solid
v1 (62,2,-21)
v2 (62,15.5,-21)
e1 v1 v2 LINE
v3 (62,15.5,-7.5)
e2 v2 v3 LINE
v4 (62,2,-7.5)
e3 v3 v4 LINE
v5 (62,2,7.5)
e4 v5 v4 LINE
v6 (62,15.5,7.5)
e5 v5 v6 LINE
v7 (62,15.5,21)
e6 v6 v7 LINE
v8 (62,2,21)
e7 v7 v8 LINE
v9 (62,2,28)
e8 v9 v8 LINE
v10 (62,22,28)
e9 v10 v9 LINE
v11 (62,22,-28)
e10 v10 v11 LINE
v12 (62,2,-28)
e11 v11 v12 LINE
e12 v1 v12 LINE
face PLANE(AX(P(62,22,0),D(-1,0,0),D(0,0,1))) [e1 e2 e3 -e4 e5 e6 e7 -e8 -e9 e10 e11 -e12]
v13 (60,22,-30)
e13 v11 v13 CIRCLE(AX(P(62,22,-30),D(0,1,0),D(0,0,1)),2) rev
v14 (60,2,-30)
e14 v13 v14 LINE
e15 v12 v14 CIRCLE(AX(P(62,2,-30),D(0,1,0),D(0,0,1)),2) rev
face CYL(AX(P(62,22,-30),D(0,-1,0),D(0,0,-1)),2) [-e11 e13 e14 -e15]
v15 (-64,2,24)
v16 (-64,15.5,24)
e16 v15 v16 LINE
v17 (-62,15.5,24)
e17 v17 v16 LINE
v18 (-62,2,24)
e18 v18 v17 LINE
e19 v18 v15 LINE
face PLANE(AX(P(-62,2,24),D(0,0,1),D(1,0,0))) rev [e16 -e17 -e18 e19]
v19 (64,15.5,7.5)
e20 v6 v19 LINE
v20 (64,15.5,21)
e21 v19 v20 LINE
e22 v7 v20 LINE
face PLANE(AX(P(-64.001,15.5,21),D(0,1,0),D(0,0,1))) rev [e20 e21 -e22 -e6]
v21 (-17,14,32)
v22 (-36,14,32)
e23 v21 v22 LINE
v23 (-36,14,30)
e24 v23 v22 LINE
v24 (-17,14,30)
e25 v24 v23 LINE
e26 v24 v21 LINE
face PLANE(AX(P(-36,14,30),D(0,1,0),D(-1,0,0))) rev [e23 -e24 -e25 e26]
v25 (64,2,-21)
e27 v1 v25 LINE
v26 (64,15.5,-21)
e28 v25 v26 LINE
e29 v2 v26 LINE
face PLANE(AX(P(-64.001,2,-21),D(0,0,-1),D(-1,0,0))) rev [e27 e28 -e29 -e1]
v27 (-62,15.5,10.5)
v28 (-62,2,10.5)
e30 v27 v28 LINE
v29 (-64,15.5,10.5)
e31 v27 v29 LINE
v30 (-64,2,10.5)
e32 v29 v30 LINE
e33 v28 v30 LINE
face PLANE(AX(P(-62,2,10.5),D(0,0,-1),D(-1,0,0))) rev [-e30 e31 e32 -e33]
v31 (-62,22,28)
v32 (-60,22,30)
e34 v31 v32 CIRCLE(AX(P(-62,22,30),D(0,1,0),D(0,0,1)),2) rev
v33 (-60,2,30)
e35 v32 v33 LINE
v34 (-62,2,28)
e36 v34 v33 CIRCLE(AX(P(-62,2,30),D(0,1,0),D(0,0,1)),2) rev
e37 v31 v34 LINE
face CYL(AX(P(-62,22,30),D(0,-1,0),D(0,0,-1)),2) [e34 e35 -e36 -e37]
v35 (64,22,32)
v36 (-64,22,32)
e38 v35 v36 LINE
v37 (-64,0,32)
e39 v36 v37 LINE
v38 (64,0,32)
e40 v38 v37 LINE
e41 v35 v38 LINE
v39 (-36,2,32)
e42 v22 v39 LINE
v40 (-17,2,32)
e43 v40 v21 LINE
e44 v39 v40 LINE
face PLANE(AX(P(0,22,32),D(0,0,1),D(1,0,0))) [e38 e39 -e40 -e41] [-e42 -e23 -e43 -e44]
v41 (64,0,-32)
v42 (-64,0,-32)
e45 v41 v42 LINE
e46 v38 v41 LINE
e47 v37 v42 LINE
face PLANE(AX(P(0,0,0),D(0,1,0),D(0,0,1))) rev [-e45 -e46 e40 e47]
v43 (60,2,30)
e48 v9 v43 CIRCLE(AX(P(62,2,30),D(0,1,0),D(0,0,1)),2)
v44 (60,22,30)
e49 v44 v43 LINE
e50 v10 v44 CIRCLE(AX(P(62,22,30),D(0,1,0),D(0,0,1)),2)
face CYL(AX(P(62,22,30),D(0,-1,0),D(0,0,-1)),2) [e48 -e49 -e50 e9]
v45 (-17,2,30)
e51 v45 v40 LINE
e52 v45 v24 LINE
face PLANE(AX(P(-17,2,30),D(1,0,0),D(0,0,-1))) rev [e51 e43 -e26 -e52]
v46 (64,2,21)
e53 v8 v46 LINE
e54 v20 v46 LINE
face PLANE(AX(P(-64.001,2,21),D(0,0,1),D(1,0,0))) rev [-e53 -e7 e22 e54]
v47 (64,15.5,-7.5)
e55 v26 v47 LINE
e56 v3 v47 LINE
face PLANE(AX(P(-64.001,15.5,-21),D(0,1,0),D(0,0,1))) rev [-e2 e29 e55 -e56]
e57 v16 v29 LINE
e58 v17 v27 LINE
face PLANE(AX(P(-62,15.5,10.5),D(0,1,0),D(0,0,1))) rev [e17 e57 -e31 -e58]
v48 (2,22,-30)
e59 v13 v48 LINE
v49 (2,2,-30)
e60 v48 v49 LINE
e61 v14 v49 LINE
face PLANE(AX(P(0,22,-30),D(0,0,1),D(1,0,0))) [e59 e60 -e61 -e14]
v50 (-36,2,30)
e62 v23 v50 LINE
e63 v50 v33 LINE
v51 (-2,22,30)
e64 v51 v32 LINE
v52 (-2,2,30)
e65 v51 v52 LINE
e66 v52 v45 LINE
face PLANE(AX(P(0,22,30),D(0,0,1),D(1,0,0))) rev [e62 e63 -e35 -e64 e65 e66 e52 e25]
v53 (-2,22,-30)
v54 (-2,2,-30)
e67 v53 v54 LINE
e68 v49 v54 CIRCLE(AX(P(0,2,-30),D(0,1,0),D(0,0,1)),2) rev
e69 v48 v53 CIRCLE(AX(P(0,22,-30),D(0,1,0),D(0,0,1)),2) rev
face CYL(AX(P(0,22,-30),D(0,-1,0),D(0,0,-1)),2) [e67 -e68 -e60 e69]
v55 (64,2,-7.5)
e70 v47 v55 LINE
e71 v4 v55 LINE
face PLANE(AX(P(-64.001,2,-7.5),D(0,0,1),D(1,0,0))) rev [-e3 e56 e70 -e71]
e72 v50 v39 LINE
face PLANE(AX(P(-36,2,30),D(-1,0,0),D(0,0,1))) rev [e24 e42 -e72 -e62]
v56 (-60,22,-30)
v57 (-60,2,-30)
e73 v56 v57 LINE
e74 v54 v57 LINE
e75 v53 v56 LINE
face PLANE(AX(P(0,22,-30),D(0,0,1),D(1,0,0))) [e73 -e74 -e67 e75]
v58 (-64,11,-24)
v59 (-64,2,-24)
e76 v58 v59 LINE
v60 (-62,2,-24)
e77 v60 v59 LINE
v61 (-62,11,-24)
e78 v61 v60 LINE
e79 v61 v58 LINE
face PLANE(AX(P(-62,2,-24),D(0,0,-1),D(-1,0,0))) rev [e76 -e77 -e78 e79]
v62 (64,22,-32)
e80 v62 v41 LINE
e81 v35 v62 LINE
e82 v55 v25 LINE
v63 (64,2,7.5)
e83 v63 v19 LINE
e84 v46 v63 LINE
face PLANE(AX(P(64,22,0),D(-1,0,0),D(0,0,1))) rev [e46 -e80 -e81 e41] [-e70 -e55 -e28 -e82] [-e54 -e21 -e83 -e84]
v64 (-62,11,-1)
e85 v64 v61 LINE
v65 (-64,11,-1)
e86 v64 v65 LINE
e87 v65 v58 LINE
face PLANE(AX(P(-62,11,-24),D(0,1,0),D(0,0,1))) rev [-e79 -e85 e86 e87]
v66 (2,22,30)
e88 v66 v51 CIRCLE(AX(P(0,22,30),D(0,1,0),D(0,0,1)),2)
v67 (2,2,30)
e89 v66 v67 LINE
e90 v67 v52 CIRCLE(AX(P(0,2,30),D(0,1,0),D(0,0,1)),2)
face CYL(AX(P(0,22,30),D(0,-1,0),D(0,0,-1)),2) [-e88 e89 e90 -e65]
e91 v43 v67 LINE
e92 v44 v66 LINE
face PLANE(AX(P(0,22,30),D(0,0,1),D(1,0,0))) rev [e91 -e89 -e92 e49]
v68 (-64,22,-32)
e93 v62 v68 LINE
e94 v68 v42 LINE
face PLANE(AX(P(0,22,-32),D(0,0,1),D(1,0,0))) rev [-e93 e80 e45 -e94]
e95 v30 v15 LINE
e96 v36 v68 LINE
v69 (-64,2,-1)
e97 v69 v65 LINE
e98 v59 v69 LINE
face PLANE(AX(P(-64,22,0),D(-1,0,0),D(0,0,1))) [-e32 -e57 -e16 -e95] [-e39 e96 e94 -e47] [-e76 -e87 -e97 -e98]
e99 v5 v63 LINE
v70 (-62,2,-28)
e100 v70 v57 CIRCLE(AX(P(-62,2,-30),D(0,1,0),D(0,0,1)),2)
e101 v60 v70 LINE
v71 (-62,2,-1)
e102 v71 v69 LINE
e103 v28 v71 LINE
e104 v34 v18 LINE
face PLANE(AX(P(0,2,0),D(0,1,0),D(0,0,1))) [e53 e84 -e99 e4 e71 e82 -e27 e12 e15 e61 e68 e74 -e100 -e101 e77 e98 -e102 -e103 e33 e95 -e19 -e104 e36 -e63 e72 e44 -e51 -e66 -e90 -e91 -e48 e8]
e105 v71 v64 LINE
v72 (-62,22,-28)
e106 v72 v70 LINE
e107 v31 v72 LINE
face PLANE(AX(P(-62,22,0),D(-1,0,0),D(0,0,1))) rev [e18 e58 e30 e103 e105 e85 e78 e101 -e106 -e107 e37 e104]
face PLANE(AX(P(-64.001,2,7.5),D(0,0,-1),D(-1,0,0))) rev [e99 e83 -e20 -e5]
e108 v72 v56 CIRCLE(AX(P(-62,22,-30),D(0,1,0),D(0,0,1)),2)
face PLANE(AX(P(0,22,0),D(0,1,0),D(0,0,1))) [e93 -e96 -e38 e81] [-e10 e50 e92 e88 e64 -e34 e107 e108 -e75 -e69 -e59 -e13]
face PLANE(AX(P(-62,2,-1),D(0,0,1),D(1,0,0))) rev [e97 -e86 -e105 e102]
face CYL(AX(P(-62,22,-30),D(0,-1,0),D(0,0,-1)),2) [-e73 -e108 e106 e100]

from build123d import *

# Parameters (mm, degrees)
SKETCH3_W           = 128
SKETCH3_H           = 64
BOSS_EXTRUDE1_DEPTH = 22
BOSS_EXTRUDE3_DEPTH = 2
CUT_EXTRUDE1_REACH  = 135.761
SKETCH5_W           = 13.5
SKETCH5_H           = 13.5
SKETCH6_W           = 23
SKETCH6_H           = 9
SKETCH6_W_2         = 13.5
SKETCH6_H_2         = 13.5
CUT_EXTRUDE2_DEPTH  = 2
SKETCH7_W           = 19
SKETCH7_H           = 12
CUT_EXTRUDE3_DEPTH  = 2


with BuildPart() as part:
    # Sketch3 → Boss-Extrude1 (new body)
    with BuildSketch(Plane(origin=(0, 0, 0), x_dir=(1, 0, 0), z_dir=(0, 1, 0))):
        Rectangle(SKETCH3_W, SKETCH3_H)
        with BuildLine():
            Line((2, 30), (60, 30))
            ThreePointArc((60, 30), (60.585786438, 28.585786438), (62, 28))
            Line((62, 28), (62, -28))
            ThreePointArc((62, -28), (60.585786438, -28.585786438), (60, -30))
            Line((60, -30), (2, -30))
            ThreePointArc((2, -30), (0, -28), (-2, -30))
            Line((-2, -30), (-60, -30))
            ThreePointArc((-60, -30), (-60.585786438, -28.585786438), (-62, -28))
            Line((-62, -28), (-62, 28))
            ThreePointArc((-62, 28), (-60.585786438, 28.585786438), (-60, 30))
            Line((-60, 30), (-2, 30))
            ThreePointArc((-2, 30), (0, 28), (2, 30))
        make_face(mode=Mode.SUBTRACT)
    extrude(amount=BOSS_EXTRUDE1_DEPTH)

    # Sketch3<5> → Boss-Extrude3 (add)
    with BuildSketch(Plane(origin=(0, 0, 0), x_dir=(1, 0, 0), z_dir=(0, 1, 0))):
        with BuildLine():
            ThreePointArc((62, 28), (60.585786438, 28.585786438), (60, 30))
            Line((60, 30), (2, 30))
            ThreePointArc((2, 30), (0, 28), (-2, 30))
            Line((-2, 30), (-60, 30))
            ThreePointArc((-60, 30), (-60.585786438, 28.585786438), (-62, 28))
            Line((-62, 28), (-62, -28))
            ThreePointArc((-62, -28), (-60.585786438, -28.585786438), (-60, -30))
            Line((-60, -30), (-2, -30))
            ThreePointArc((-2, -30), (0, -28), (2, -30))
            Line((2, -30), (60, -30))
            ThreePointArc((60, -30), (60.585786438, -28.585786438), (62, -28))
            Line((62, -28), (62, 28))
        make_face()
    extrude(amount=BOSS_EXTRUDE3_DEPTH)

    # Sketch5 → Cut-Extrude1 (cut, up to next)
    with BuildSketch(Plane(origin=(64, 0, 0), x_dir=(0, 0, -1), z_dir=(1, 0, 0)), mode=Mode.PRIVATE) as cut_extrude1_sk1:
        with Locations((14.25, 8.75)):
            Rectangle(SKETCH5_W, SKETCH5_H)
    cut_extrude1_tool1 = extrude(cut_extrude1_sk1.sketch, amount=-CUT_EXTRUDE1_REACH, mode=Mode.PRIVATE) & part.part
    # Sketch5 → Cut-Extrude1 (cut, up to next)
    with BuildSketch(Plane(origin=(64, 0, 0), x_dir=(0, 0, -1), z_dir=(1, 0, 0)), mode=Mode.PRIVATE) as cut_extrude1_sk2:
        with Locations((-14.25, 8.75)):
            Rectangle(SKETCH5_W, SKETCH5_H)
    cut_extrude1_tool2 = extrude(cut_extrude1_sk2.sketch, amount=-CUT_EXTRUDE1_REACH, mode=Mode.PRIVATE) & part.part
    add(cut_extrude1_tool1.solids().sort_by_distance((64, 8.75, -14.25))[0], mode=Mode.SUBTRACT)
    add(cut_extrude1_tool2.solids().sort_by_distance((64, 8.75, 14.25))[0], mode=Mode.SUBTRACT)

    # Sketch6 → Cut-Extrude2 (cut)
    with BuildSketch(Plane.ZY.offset(64)):
        with Locations((-12.5, 6.5)):
            Rectangle(SKETCH6_W, SKETCH6_H)
        with Locations((17.25, 8.75)):
            Rectangle(SKETCH6_W_2, SKETCH6_H_2)
    extrude(amount=-CUT_EXTRUDE2_DEPTH, mode=Mode.SUBTRACT)

    # Sketch7 → Cut-Extrude3 (cut)
    with BuildSketch(Plane.XY.offset(32)):
        with Locations((-26.5, 8)):
            Rectangle(SKETCH7_W, SKETCH7_H)
    extrude(amount=-CUT_EXTRUDE3_DEPTH, mode=Mode.SUBTRACT)


solid = part.part
